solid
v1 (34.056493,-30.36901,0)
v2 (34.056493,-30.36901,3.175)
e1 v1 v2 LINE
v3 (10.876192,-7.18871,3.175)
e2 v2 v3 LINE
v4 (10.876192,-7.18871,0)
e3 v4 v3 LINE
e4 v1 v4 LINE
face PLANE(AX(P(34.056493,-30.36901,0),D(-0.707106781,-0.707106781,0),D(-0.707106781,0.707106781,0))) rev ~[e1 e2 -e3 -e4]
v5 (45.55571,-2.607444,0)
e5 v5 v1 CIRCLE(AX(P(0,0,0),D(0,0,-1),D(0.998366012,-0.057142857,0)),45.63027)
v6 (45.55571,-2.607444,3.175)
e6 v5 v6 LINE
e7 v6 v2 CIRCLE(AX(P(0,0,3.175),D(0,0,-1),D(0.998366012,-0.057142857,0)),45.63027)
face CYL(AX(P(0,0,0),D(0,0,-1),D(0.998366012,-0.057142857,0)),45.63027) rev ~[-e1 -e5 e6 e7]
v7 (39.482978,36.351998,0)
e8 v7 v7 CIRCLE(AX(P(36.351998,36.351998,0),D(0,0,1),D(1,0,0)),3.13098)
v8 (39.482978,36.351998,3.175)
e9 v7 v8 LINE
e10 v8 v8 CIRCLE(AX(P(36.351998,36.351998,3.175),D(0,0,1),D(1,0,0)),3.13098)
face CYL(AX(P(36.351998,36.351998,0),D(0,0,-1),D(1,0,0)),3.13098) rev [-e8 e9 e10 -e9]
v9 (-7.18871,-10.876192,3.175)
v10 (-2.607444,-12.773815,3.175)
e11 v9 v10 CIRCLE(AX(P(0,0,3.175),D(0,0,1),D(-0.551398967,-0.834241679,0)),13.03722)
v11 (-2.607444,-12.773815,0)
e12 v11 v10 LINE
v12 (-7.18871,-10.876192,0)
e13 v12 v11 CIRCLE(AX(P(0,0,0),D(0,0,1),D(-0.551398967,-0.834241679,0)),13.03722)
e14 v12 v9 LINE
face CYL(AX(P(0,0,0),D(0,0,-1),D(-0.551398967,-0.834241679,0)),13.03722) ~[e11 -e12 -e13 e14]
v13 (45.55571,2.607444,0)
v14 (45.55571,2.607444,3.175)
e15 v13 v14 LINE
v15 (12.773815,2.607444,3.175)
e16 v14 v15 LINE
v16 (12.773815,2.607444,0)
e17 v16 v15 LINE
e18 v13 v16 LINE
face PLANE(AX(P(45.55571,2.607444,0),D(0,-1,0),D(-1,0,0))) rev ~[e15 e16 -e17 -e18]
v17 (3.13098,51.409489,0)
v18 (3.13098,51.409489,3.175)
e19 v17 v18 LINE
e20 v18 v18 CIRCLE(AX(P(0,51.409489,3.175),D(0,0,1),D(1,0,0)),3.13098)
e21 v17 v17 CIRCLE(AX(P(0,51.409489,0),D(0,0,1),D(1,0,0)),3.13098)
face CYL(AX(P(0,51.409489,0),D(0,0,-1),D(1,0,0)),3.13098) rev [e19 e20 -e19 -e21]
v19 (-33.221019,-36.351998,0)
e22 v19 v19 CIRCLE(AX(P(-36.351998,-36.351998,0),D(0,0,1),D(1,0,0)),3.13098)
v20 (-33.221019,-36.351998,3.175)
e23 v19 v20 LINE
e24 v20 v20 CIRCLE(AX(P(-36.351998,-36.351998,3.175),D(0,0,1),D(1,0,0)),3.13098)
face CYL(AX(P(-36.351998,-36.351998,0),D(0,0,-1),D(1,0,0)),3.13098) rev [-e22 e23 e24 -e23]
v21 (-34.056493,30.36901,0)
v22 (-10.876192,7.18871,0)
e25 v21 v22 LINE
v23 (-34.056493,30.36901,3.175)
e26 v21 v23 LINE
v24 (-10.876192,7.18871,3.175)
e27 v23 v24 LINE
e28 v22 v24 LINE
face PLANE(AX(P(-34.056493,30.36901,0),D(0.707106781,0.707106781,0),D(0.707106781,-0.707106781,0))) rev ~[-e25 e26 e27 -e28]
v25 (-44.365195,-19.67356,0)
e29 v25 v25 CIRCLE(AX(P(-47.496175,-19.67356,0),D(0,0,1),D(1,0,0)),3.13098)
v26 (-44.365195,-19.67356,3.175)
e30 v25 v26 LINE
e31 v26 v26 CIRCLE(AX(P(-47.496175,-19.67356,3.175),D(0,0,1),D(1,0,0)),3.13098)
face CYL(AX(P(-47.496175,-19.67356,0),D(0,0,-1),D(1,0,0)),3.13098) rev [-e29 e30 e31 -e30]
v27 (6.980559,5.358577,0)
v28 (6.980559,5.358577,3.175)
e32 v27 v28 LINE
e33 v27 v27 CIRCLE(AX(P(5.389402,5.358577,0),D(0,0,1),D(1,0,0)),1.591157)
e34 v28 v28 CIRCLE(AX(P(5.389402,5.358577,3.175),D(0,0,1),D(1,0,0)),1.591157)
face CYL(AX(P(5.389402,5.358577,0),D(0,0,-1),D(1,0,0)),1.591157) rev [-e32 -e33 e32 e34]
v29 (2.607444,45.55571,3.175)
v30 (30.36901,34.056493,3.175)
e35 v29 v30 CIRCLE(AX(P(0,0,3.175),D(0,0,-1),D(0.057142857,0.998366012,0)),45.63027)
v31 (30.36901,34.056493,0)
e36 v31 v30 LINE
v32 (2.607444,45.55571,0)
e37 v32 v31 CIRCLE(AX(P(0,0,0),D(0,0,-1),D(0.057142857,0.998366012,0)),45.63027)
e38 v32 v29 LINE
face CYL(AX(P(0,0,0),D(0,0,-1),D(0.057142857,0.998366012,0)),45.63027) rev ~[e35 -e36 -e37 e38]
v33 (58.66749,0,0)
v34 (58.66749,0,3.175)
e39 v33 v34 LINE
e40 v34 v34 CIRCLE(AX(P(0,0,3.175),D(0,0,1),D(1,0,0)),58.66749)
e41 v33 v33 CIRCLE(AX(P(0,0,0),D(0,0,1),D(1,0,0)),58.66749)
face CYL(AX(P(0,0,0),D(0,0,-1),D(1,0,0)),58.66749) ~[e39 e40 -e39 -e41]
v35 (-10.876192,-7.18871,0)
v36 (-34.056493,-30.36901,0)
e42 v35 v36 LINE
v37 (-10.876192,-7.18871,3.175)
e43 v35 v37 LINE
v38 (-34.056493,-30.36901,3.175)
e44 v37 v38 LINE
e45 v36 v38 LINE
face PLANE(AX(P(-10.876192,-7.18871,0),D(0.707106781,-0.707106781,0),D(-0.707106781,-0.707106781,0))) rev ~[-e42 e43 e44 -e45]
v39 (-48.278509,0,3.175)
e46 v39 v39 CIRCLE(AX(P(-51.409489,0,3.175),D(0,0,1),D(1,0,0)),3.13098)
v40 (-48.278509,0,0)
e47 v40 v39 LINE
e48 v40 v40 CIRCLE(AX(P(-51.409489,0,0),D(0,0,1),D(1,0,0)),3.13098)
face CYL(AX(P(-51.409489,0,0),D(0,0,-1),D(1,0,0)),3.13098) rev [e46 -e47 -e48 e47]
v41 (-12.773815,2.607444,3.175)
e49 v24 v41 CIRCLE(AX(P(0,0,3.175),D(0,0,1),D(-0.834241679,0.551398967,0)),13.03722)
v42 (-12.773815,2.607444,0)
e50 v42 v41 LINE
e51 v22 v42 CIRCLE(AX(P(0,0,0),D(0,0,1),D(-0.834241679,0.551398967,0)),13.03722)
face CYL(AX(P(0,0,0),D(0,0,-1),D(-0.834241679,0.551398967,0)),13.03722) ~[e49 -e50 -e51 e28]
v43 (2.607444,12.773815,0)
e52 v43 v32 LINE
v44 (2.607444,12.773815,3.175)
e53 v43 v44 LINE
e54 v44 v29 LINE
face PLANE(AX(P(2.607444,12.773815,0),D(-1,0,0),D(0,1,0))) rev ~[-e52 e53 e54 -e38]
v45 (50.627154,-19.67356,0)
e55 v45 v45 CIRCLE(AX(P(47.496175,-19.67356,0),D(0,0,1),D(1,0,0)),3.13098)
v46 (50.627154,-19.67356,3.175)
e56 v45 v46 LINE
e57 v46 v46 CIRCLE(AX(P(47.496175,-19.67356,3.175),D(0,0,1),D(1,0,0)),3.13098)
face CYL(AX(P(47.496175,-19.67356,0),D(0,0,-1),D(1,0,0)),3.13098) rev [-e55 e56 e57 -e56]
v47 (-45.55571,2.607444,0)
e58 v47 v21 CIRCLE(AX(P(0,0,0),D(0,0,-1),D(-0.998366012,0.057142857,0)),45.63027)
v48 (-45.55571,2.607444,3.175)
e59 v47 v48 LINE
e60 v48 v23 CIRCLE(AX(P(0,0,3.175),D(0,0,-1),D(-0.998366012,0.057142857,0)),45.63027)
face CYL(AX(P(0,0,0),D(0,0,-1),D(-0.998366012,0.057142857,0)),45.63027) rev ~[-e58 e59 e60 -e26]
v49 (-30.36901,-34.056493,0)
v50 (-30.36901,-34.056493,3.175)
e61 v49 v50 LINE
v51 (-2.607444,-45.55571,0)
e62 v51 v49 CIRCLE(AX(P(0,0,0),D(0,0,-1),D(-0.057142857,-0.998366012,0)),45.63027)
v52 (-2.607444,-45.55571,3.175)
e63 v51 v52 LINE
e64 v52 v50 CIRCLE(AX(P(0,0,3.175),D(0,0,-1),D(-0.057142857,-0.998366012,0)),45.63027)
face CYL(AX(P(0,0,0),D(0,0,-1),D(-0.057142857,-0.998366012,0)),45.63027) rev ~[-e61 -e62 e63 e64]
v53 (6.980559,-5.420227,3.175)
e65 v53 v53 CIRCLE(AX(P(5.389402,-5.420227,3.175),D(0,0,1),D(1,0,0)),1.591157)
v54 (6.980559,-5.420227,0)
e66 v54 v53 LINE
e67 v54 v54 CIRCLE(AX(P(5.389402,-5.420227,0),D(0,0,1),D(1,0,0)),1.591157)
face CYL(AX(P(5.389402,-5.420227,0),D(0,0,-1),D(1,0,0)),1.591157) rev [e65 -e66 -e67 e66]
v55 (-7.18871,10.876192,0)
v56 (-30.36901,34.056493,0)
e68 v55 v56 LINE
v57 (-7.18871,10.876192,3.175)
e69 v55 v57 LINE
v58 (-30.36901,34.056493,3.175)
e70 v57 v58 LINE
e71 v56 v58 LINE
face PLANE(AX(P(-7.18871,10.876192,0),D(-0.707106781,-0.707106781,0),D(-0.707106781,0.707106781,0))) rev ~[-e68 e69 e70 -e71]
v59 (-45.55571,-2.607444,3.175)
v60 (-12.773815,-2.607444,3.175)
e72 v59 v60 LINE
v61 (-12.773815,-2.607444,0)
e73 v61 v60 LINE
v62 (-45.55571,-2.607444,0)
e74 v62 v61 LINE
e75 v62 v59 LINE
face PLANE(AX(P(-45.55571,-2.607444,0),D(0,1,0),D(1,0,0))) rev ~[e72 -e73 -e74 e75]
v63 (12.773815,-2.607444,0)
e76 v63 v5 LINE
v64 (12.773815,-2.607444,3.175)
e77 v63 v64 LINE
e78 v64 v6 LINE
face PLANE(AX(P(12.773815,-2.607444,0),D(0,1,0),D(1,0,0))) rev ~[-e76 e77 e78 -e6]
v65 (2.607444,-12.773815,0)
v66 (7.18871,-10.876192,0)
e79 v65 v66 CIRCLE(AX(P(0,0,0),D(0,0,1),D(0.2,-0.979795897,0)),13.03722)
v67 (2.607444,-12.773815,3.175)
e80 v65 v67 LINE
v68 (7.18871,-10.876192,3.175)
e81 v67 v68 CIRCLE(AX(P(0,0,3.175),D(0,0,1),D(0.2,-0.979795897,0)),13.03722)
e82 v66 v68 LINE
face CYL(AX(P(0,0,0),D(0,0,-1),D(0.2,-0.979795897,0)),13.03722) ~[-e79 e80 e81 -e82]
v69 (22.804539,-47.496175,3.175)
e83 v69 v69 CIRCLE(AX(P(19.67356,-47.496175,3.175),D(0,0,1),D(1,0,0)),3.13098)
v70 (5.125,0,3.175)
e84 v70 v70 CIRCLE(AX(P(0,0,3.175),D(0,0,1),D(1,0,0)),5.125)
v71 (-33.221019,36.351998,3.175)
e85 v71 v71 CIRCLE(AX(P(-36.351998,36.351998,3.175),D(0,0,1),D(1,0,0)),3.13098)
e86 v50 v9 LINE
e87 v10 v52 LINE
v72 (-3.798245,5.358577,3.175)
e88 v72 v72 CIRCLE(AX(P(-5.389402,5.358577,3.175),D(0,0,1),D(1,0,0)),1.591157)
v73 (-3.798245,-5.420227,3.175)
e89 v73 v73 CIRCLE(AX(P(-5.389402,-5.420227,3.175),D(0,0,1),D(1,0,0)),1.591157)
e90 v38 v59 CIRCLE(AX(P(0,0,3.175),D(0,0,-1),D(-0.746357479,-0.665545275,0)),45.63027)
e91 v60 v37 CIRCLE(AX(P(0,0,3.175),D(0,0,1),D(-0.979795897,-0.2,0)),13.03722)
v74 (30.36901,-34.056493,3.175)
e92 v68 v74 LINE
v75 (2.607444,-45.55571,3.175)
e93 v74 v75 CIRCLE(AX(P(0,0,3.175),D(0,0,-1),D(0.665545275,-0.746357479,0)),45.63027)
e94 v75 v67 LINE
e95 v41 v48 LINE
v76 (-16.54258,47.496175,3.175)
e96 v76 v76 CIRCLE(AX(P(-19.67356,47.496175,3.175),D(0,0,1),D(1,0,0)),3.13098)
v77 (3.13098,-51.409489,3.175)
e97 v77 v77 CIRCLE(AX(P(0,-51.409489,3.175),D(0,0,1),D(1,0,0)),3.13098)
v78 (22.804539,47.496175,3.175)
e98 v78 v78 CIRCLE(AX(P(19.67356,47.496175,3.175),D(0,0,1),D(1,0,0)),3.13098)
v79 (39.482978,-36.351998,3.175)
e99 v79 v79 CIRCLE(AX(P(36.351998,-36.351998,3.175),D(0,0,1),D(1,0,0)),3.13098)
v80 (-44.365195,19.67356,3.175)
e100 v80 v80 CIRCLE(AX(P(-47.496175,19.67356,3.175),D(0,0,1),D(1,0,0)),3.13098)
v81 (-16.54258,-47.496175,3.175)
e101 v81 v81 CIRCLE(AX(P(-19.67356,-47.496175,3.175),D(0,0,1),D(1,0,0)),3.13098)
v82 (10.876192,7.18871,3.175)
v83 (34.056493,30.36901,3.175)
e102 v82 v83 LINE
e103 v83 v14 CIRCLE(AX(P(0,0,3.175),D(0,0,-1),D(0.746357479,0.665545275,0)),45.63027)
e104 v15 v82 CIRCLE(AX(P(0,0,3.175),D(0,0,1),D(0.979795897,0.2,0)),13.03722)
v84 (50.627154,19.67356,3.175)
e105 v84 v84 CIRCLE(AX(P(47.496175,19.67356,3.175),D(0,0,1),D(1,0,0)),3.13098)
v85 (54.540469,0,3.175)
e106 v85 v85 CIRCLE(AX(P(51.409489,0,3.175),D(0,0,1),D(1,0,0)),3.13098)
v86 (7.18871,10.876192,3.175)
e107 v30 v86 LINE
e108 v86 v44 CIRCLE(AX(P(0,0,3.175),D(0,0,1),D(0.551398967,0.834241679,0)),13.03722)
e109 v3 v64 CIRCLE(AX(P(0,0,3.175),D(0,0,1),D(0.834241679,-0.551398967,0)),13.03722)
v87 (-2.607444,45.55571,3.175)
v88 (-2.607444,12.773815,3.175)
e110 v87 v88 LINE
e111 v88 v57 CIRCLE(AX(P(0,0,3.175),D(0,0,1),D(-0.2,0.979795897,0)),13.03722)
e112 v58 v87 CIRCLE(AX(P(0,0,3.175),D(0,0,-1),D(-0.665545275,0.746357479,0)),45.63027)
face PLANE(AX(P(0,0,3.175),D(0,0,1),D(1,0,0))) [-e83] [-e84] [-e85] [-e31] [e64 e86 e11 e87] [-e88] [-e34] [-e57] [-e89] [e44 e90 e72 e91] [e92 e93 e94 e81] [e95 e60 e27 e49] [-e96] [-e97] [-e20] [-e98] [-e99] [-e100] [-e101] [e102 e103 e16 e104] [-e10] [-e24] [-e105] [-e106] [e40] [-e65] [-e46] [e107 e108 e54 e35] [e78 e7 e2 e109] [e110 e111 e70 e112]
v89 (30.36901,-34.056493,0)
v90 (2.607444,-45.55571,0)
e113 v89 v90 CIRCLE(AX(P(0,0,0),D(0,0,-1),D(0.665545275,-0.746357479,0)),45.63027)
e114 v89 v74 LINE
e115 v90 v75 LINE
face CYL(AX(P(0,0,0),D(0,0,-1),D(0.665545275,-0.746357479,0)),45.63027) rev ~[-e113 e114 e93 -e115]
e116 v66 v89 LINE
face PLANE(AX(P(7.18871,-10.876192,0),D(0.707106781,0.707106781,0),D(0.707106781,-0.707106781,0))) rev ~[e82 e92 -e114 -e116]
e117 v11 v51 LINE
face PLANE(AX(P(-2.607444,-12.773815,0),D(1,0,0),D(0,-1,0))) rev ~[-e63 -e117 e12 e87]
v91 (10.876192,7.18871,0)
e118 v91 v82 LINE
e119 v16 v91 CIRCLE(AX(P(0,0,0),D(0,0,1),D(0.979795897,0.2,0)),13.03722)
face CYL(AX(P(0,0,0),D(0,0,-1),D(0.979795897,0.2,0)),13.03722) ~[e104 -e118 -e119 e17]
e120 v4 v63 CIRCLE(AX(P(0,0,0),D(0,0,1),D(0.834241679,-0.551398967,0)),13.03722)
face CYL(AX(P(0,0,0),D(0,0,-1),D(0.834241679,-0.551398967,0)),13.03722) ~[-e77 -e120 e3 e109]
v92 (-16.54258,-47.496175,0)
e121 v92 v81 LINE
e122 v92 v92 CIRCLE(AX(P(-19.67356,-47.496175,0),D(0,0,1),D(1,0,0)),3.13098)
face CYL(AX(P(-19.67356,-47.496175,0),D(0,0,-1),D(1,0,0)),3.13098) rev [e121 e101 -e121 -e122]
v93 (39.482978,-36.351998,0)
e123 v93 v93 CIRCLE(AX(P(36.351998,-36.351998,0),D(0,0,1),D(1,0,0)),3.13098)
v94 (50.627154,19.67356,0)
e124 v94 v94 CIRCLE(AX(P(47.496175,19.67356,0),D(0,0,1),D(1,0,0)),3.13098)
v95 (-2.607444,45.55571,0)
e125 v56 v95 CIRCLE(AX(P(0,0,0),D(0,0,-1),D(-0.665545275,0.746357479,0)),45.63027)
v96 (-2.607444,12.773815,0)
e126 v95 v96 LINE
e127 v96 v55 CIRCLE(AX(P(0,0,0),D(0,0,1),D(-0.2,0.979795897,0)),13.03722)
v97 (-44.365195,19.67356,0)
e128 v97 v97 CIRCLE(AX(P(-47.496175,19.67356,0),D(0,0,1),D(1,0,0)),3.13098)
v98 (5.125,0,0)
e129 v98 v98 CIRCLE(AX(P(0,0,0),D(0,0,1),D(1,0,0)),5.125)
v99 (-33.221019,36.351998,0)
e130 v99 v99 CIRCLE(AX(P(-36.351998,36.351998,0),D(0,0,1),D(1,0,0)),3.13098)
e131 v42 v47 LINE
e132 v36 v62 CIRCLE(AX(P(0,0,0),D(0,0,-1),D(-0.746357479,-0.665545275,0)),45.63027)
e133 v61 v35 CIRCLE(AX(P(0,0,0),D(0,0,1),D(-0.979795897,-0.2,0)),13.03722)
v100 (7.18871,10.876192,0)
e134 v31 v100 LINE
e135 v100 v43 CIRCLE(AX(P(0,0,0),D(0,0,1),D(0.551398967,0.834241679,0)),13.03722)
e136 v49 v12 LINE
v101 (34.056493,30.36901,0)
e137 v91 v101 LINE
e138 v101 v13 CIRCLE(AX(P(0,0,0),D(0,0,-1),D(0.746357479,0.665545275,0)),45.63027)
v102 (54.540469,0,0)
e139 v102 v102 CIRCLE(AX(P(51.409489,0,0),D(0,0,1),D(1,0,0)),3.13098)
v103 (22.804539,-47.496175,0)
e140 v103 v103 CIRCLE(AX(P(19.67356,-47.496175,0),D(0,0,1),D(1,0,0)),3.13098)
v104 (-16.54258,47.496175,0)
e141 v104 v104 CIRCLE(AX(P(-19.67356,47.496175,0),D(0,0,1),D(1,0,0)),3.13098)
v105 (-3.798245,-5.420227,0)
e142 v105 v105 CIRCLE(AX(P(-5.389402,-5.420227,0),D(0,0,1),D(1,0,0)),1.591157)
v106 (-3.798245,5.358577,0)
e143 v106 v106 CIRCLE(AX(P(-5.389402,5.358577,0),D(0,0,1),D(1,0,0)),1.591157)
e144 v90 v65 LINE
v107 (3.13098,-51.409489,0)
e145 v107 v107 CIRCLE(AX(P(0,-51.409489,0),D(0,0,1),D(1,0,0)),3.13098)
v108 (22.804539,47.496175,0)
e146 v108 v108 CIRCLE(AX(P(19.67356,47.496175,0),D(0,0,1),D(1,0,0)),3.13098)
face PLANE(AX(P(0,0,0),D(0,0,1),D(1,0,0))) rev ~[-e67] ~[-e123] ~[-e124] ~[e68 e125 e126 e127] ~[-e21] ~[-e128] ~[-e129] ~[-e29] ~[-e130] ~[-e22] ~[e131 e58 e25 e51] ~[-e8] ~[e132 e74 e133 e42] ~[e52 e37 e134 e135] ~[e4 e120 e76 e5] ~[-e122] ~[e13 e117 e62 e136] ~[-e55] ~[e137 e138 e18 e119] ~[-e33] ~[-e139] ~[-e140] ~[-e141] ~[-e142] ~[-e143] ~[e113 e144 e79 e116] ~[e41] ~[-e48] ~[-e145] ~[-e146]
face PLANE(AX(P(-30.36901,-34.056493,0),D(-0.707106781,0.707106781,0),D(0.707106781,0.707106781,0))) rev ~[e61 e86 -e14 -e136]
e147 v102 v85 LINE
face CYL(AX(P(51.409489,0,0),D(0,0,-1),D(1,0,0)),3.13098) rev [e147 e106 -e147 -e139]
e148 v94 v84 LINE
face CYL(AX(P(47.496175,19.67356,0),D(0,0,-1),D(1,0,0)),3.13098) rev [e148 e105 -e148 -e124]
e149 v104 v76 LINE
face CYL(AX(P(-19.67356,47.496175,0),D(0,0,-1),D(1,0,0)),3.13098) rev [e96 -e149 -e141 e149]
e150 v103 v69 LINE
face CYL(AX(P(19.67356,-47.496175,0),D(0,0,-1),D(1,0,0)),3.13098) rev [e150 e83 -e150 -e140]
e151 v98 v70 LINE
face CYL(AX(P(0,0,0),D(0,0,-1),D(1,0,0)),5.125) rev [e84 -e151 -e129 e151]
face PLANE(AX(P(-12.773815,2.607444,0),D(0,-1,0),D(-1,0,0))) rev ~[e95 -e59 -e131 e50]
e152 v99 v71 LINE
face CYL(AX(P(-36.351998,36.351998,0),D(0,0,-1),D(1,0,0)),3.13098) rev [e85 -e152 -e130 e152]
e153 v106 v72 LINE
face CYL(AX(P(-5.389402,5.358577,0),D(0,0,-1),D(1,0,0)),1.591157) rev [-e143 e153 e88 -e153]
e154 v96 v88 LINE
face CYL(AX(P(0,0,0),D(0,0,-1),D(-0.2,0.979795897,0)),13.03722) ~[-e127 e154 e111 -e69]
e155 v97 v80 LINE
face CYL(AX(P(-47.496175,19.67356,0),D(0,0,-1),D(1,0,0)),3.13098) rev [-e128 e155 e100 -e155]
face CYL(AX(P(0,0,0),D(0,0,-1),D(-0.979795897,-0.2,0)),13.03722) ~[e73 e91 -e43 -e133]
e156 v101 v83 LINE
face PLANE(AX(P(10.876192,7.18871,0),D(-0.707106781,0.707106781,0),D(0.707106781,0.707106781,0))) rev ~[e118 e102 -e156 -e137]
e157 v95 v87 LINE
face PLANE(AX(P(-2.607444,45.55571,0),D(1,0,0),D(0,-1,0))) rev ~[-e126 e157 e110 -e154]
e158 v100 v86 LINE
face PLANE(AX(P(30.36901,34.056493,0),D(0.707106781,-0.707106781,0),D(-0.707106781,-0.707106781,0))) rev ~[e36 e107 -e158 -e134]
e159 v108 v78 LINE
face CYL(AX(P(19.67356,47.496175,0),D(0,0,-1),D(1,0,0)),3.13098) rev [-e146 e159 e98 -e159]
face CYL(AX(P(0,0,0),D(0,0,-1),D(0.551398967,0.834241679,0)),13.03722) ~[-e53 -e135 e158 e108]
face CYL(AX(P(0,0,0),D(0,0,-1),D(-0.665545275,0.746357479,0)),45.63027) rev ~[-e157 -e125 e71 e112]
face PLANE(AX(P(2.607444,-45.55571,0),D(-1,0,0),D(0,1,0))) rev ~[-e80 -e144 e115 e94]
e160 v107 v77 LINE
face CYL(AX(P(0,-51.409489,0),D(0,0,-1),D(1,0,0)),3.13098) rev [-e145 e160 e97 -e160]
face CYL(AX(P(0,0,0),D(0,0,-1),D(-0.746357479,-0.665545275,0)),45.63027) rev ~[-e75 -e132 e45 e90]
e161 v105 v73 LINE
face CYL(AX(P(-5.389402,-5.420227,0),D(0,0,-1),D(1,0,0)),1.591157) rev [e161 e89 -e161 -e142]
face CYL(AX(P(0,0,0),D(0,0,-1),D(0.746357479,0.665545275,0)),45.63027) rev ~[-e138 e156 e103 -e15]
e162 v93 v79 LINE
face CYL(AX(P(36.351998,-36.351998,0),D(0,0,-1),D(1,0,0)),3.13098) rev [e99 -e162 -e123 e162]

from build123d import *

# Parameters (mm, degrees)
MODEL_R             = 58.667489702
MODEL_R_2           = 1.591156764
MODEL_R_3           = 5.125
MODEL_R_4           = 3.130979628
BOSS_EXTRUDE1_DEPTH = 3.175


with BuildPart() as part:
    # Model → Boss-Extrude1 (new body)
    with BuildSketch(Plane.XY):
        Circle(MODEL_R)
        with Locations((5.389401941, 5.35857693)):
            Circle(MODEL_R_2, mode=Mode.SUBTRACT)
        Circle(MODEL_R_3, mode=Mode.SUBTRACT)
        with Locations((-5.389401941, 5.35857693)):
            Circle(MODEL_R_2, mode=Mode.SUBTRACT)
        with Locations((-5.389401941, -5.420226952)):
            Circle(MODEL_R_2, mode=Mode.SUBTRACT)
        with Locations((5.389401941, -5.420226952)):
            Circle(MODEL_R_2, mode=Mode.SUBTRACT)
        with Locations((-51.409488894, 0)):
            Circle(MODEL_R_4, mode=Mode.SUBTRACT)
        with Locations((-47.496174566, 19.673559666)):
            Circle(MODEL_R_4, mode=Mode.SUBTRACT)
        with Locations((-36.351998214, 36.351998214)):
            Circle(MODEL_R_4, mode=Mode.SUBTRACT)
        with Locations((-19.673559666, 47.496174566)):
            Circle(MODEL_R_4, mode=Mode.SUBTRACT)
        with Locations((0, 51.409488894)):
            Circle(MODEL_R_4, mode=Mode.SUBTRACT)
        with Locations((19.673559666, 47.496174566)):
            Circle(MODEL_R_4, mode=Mode.SUBTRACT)
        with Locations((36.351998214, 36.351998214)):
            Circle(MODEL_R_4, mode=Mode.SUBTRACT)
        with Locations((47.496174566, 19.673559666)):
            Circle(MODEL_R_4, mode=Mode.SUBTRACT)
        with Locations((51.409488894, 0)):
            Circle(MODEL_R_4, mode=Mode.SUBTRACT)
        with Locations((47.496174566, -19.673559666)):
            Circle(MODEL_R_4, mode=Mode.SUBTRACT)
        with Locations((36.351998214, -36.351998214)):
            Circle(MODEL_R_4, mode=Mode.SUBTRACT)
        with Locations((19.673559666, -47.496174566)):
            Circle(MODEL_R_4, mode=Mode.SUBTRACT)
        with Locations((0, -51.409488894)):
            Circle(MODEL_R_4, mode=Mode.SUBTRACT)
        with Locations((-19.673559666, -47.496174566)):
            Circle(MODEL_R_4, mode=Mode.SUBTRACT)
        with Locations((-36.351998214, -36.351998214)):
            Circle(MODEL_R_4, mode=Mode.SUBTRACT)
        with Locations((-47.496174566, -19.673559666)):
            Circle(MODEL_R_4, mode=Mode.SUBTRACT)
        with BuildLine():
            Line((-34.056493108, 30.369010459), (-10.87619225, 7.188709601))
            ThreePointArc((-10.87619225, 7.188709601), (-12.044820658, 4.989128073), (-12.773814601, 2.607443987))
            Line((-12.773814601, 2.607443987), (-45.555710454, 2.607443987))
            ThreePointArc((-45.555710454, 2.607443987), (-42.156872302, 17.461948255), (-34.056493108, 30.369010459))
        make_face(mode=Mode.SUBTRACT)
        with BuildLine():
            Line((-7.188709601, 10.87619225), (-30.369010459, 34.056493108))
            ThreePointArc((-30.369010459, 34.056493108), (-17.461948255, 42.156872302), (-2.607443987, 45.555710454))
            Line((-2.607443987, 45.555710454), (-2.607443987, 12.773814601))
            ThreePointArc((-2.607443987, 12.773814601), (-4.989128073, 12.044820658), (-7.188709601, 10.87619225))
        make_face(mode=Mode.SUBTRACT)
        with BuildLine():
            Line((2.607443987, 12.773814601), (2.607443987, 45.555710454))
            ThreePointArc((2.607443987, 45.555710454), (17.461948254, 42.156872302), (30.369010459, 34.056493108))
            Line((30.369010459, 34.056493108), (7.188709601, 10.87619225))
            ThreePointArc((7.188709601, 10.87619225), (4.989128073, 12.044820658), (2.607443987, 12.773814601))
        make_face(mode=Mode.SUBTRACT)
        with BuildLine():
            Line((10.87619225, 7.188709601), (34.056493108, 30.369010459))
            ThreePointArc((34.056493108, 30.369010459), (42.156872302, 17.461948255), (45.555710454, 2.607443987))
            Line((45.555710454, 2.607443987), (12.773814601, 2.607443987))
            ThreePointArc((12.773814601, 2.607443987), (12.044820658, 4.989128073), (10.87619225, 7.188709601))
        make_face(mode=Mode.SUBTRACT)
        with BuildLine():
            Line((12.773814601, -2.607443987), (45.555710454, -2.607443987))
            ThreePointArc((45.555710454, -2.607443987), (42.156872302, -17.461948254), (34.056493108, -30.369010459))
            Line((34.056493108, -30.369010459), (10.87619225, -7.188709601))
            ThreePointArc((10.87619225, -7.188709601), (12.044820658, -4.989128073), (12.773814601, -2.607443987))
        make_face(mode=Mode.SUBTRACT)
        with BuildLine():
            Line((7.188709601, -10.87619225), (30.369010459, -34.056493108))
            ThreePointArc((30.369010459, -34.056493108), (17.461948255, -42.156872302), (2.607443987, -45.555710454))
            Line((2.607443987, -45.555710454), (2.607443987, -12.773814601))
            ThreePointArc((2.607443987, -12.773814601), (4.989128073, -12.044820658), (7.188709601, -10.87619225))
        make_face(mode=Mode.SUBTRACT)
        with BuildLine():
            Line((-45.555710454, -2.607443987), (-12.773814601, -2.607443987))
            ThreePointArc((-12.773814601, -2.607443987), (-12.044820658, -4.989128073), (-10.87619225, -7.188709601))
            Line((-10.87619225, -7.188709601), (-34.056493108, -30.369010459))
            ThreePointArc((-34.056493108, -30.369010459), (-42.156872302, -17.461948254), (-45.555710454, -2.607443987))
        make_face(mode=Mode.SUBTRACT)
        with BuildLine():
            Line((-2.607443987, -12.773814601), (-2.607443987, -45.555710454))
            ThreePointArc((-2.607443987, -45.555710454), (-17.461948255, -42.156872302), (-30.369010459, -34.056493108))
            Line((-30.369010459, -34.056493108), (-7.188709601, -10.87619225))
            ThreePointArc((-7.188709601, -10.87619225), (-4.989128073, -12.044820658), (-2.607443987, -12.773814601))
        make_face(mode=Mode.SUBTRACT)
    extrude(amount=BOSS_EXTRUDE1_DEPTH)


solid = part.part
